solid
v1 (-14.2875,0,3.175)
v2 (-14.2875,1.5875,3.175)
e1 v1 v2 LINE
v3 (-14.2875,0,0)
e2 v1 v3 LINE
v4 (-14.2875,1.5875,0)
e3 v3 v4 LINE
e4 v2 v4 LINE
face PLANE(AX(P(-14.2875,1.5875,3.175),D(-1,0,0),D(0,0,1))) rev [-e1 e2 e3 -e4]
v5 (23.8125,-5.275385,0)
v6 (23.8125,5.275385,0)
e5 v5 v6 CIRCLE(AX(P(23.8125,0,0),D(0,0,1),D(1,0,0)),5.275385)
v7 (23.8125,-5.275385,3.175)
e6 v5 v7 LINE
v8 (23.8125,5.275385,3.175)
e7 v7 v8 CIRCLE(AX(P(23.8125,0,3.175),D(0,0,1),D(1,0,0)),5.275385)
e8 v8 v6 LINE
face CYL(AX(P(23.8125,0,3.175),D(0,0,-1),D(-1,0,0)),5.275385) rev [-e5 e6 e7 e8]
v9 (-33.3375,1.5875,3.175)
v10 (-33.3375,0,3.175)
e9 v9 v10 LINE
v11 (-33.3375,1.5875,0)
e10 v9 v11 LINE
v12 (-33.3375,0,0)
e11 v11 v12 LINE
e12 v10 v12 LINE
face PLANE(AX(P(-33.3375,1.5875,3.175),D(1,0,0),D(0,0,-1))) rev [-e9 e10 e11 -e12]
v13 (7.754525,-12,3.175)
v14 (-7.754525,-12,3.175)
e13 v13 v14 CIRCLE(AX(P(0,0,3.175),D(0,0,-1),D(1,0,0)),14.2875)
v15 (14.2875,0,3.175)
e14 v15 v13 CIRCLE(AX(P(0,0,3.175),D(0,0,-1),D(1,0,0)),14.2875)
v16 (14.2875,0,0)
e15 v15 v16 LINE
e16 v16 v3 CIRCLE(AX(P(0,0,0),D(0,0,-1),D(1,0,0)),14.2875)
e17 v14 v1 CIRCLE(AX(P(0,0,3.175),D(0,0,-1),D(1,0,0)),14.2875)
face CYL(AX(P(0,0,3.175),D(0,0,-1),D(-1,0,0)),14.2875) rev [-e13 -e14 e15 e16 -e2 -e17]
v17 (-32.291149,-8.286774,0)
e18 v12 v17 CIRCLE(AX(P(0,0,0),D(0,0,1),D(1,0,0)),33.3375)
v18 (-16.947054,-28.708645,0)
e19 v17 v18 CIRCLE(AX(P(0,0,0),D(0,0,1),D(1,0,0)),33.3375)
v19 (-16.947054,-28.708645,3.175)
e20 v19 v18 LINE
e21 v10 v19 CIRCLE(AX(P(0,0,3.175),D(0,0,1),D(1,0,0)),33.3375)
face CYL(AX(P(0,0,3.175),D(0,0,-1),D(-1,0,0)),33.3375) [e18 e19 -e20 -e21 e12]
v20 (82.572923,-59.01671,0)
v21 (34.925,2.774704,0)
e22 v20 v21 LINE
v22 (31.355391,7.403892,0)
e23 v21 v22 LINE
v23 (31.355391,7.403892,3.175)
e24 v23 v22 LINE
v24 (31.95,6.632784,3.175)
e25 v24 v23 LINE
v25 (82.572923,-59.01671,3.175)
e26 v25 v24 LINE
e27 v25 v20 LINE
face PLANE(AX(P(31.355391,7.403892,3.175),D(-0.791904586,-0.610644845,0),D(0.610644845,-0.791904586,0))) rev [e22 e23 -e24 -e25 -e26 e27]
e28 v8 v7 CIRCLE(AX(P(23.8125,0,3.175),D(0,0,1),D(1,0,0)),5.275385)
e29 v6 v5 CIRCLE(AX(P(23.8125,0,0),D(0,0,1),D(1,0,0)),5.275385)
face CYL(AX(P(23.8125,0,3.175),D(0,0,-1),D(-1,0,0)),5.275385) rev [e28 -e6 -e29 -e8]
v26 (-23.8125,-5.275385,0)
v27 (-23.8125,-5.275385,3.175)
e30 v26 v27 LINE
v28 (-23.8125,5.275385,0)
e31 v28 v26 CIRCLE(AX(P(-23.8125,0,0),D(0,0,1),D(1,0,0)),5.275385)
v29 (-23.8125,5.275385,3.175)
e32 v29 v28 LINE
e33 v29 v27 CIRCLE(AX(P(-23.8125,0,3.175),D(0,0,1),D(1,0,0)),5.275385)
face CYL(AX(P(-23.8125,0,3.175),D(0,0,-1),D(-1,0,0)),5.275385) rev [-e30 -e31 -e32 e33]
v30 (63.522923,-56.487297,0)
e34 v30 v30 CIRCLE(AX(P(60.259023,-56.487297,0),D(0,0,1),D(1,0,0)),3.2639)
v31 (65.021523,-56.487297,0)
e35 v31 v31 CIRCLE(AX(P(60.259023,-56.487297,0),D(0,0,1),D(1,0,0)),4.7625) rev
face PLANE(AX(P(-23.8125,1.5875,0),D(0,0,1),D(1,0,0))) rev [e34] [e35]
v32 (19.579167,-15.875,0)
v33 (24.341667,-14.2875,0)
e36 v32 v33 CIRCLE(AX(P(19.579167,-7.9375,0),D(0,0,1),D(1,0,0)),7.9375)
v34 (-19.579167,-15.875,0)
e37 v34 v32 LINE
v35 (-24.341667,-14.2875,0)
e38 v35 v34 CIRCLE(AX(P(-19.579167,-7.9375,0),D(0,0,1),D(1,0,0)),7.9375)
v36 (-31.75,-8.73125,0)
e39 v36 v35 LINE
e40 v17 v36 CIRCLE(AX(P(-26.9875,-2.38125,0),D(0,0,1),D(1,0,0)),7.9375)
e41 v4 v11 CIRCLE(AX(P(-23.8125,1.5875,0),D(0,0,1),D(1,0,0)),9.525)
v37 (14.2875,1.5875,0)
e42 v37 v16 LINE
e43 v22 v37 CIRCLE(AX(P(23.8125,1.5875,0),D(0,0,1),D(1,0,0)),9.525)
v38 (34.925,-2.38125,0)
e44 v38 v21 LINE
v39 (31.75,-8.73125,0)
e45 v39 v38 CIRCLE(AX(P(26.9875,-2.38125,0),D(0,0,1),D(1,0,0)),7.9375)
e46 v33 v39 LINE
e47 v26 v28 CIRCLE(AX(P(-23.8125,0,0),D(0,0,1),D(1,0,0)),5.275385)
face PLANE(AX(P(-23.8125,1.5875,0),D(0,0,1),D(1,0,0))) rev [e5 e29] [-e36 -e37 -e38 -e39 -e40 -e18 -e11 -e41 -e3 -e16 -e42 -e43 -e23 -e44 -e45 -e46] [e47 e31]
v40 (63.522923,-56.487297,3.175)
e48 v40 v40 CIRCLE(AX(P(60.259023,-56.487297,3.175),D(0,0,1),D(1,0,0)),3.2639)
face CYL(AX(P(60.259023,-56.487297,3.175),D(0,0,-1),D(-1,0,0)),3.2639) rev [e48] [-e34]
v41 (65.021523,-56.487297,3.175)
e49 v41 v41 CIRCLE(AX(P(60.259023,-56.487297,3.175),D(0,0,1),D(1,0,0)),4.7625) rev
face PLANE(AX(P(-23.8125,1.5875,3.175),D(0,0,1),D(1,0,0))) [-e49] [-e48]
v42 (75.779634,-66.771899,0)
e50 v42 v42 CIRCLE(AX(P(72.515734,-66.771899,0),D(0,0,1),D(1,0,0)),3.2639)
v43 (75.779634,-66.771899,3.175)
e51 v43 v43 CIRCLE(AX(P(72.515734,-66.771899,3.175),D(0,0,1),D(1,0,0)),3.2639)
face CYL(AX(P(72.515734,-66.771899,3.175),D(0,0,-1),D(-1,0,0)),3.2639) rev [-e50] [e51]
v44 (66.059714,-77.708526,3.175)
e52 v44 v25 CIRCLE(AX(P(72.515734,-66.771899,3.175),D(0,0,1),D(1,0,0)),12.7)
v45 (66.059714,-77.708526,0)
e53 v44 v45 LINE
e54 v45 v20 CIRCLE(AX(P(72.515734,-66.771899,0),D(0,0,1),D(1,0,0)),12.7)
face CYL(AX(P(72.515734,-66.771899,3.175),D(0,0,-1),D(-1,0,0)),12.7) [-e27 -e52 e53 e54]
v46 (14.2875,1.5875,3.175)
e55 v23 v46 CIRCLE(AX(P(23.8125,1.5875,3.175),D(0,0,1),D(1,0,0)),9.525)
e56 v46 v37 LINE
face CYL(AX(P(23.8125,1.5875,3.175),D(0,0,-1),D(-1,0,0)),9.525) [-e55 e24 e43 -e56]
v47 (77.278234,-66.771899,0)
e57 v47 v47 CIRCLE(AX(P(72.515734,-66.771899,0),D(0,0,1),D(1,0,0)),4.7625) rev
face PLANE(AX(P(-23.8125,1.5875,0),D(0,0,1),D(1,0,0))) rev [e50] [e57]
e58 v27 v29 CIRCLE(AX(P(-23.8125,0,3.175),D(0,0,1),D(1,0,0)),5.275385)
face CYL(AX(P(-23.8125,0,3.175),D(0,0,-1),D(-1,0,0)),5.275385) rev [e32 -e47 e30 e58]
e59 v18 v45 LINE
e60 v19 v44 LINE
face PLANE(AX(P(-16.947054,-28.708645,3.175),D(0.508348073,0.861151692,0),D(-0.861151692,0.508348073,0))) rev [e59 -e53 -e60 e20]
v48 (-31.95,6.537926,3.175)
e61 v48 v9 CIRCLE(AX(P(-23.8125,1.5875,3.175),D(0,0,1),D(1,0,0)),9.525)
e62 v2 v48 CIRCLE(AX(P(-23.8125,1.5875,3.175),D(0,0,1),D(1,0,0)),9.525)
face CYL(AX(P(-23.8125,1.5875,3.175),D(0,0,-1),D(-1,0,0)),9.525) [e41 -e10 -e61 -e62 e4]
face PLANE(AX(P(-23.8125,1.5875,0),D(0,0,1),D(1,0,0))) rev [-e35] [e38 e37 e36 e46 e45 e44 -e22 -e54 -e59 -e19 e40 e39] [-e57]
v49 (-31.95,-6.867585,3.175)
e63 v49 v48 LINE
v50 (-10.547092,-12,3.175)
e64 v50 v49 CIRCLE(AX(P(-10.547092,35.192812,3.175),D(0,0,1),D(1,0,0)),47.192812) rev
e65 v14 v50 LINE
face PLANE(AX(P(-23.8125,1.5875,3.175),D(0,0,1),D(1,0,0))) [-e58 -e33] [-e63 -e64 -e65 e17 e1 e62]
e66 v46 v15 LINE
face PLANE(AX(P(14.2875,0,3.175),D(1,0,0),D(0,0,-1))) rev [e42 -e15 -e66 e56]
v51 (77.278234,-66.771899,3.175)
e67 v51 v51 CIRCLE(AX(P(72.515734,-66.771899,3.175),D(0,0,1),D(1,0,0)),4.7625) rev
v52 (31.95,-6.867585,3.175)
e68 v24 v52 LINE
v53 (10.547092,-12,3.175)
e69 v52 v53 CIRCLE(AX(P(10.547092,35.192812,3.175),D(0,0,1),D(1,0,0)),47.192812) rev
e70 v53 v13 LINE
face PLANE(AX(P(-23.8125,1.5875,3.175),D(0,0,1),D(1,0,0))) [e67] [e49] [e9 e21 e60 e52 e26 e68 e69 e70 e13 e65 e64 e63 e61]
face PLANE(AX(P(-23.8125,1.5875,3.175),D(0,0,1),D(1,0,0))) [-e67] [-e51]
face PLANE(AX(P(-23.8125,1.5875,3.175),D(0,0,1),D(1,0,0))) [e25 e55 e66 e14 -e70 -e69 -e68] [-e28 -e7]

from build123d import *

# Parameters (mm, degrees)
SKETCH1_R           = 5.275384615
SKETCH1_R_2         = 3.2639
BOSS_EXTRUDE1_DEPTH = 3.175


with BuildPart() as part:
    # Sketch1 → Boss-Extrude1 (new body)
    with BuildSketch(Plane.XY):
        with BuildLine():
            Line((-14.2875, 1.5875), (-14.2875, 0))
            ThreePointArc((-14.2875, 0), (0, -14.2875), (14.2875, 0))
            Line((14.2875, 0), (14.2875, 1.5875))
            ThreePointArc((14.2875, 1.5875), (20.740075347, 10.603365557), (31.355391181, 7.403892149))
            Line((31.355391181, 7.403892149), (82.572922645, -59.016709578))
            ThreePointArc((82.572922645, -59.016709578), (82.033512438, -75.180341372), (66.05971387, -77.708525595))
            Line((66.05971387, -77.708525595), (-16.947053899, -28.708644524))
            ThreePointArc((-16.947053899, -28.708644524), (-28.951349844, -16.529012325), (-33.3375, 0))
            Line((-33.3375, 0), (-33.3375, 1.5875))
            ThreePointArc((-33.3375, 1.5875), (-23.8125, 11.1125), (-14.2875, 1.5875))
        make_face()
        with Locations((-23.8125, 0)):
            Circle(SKETCH1_R, mode=Mode.SUBTRACT)
        with Locations((23.8125, 0)):
            Circle(SKETCH1_R, mode=Mode.SUBTRACT)
        with Locations((72.515734403, -66.77189911)):
            Circle(SKETCH1_R_2, mode=Mode.SUBTRACT)
        with Locations((60.259023314, -56.487297355)):
            Circle(SKETCH1_R_2, mode=Mode.SUBTRACT)
    extrude(amount=BOSS_EXTRUDE1_DEPTH)


solid = part.part
